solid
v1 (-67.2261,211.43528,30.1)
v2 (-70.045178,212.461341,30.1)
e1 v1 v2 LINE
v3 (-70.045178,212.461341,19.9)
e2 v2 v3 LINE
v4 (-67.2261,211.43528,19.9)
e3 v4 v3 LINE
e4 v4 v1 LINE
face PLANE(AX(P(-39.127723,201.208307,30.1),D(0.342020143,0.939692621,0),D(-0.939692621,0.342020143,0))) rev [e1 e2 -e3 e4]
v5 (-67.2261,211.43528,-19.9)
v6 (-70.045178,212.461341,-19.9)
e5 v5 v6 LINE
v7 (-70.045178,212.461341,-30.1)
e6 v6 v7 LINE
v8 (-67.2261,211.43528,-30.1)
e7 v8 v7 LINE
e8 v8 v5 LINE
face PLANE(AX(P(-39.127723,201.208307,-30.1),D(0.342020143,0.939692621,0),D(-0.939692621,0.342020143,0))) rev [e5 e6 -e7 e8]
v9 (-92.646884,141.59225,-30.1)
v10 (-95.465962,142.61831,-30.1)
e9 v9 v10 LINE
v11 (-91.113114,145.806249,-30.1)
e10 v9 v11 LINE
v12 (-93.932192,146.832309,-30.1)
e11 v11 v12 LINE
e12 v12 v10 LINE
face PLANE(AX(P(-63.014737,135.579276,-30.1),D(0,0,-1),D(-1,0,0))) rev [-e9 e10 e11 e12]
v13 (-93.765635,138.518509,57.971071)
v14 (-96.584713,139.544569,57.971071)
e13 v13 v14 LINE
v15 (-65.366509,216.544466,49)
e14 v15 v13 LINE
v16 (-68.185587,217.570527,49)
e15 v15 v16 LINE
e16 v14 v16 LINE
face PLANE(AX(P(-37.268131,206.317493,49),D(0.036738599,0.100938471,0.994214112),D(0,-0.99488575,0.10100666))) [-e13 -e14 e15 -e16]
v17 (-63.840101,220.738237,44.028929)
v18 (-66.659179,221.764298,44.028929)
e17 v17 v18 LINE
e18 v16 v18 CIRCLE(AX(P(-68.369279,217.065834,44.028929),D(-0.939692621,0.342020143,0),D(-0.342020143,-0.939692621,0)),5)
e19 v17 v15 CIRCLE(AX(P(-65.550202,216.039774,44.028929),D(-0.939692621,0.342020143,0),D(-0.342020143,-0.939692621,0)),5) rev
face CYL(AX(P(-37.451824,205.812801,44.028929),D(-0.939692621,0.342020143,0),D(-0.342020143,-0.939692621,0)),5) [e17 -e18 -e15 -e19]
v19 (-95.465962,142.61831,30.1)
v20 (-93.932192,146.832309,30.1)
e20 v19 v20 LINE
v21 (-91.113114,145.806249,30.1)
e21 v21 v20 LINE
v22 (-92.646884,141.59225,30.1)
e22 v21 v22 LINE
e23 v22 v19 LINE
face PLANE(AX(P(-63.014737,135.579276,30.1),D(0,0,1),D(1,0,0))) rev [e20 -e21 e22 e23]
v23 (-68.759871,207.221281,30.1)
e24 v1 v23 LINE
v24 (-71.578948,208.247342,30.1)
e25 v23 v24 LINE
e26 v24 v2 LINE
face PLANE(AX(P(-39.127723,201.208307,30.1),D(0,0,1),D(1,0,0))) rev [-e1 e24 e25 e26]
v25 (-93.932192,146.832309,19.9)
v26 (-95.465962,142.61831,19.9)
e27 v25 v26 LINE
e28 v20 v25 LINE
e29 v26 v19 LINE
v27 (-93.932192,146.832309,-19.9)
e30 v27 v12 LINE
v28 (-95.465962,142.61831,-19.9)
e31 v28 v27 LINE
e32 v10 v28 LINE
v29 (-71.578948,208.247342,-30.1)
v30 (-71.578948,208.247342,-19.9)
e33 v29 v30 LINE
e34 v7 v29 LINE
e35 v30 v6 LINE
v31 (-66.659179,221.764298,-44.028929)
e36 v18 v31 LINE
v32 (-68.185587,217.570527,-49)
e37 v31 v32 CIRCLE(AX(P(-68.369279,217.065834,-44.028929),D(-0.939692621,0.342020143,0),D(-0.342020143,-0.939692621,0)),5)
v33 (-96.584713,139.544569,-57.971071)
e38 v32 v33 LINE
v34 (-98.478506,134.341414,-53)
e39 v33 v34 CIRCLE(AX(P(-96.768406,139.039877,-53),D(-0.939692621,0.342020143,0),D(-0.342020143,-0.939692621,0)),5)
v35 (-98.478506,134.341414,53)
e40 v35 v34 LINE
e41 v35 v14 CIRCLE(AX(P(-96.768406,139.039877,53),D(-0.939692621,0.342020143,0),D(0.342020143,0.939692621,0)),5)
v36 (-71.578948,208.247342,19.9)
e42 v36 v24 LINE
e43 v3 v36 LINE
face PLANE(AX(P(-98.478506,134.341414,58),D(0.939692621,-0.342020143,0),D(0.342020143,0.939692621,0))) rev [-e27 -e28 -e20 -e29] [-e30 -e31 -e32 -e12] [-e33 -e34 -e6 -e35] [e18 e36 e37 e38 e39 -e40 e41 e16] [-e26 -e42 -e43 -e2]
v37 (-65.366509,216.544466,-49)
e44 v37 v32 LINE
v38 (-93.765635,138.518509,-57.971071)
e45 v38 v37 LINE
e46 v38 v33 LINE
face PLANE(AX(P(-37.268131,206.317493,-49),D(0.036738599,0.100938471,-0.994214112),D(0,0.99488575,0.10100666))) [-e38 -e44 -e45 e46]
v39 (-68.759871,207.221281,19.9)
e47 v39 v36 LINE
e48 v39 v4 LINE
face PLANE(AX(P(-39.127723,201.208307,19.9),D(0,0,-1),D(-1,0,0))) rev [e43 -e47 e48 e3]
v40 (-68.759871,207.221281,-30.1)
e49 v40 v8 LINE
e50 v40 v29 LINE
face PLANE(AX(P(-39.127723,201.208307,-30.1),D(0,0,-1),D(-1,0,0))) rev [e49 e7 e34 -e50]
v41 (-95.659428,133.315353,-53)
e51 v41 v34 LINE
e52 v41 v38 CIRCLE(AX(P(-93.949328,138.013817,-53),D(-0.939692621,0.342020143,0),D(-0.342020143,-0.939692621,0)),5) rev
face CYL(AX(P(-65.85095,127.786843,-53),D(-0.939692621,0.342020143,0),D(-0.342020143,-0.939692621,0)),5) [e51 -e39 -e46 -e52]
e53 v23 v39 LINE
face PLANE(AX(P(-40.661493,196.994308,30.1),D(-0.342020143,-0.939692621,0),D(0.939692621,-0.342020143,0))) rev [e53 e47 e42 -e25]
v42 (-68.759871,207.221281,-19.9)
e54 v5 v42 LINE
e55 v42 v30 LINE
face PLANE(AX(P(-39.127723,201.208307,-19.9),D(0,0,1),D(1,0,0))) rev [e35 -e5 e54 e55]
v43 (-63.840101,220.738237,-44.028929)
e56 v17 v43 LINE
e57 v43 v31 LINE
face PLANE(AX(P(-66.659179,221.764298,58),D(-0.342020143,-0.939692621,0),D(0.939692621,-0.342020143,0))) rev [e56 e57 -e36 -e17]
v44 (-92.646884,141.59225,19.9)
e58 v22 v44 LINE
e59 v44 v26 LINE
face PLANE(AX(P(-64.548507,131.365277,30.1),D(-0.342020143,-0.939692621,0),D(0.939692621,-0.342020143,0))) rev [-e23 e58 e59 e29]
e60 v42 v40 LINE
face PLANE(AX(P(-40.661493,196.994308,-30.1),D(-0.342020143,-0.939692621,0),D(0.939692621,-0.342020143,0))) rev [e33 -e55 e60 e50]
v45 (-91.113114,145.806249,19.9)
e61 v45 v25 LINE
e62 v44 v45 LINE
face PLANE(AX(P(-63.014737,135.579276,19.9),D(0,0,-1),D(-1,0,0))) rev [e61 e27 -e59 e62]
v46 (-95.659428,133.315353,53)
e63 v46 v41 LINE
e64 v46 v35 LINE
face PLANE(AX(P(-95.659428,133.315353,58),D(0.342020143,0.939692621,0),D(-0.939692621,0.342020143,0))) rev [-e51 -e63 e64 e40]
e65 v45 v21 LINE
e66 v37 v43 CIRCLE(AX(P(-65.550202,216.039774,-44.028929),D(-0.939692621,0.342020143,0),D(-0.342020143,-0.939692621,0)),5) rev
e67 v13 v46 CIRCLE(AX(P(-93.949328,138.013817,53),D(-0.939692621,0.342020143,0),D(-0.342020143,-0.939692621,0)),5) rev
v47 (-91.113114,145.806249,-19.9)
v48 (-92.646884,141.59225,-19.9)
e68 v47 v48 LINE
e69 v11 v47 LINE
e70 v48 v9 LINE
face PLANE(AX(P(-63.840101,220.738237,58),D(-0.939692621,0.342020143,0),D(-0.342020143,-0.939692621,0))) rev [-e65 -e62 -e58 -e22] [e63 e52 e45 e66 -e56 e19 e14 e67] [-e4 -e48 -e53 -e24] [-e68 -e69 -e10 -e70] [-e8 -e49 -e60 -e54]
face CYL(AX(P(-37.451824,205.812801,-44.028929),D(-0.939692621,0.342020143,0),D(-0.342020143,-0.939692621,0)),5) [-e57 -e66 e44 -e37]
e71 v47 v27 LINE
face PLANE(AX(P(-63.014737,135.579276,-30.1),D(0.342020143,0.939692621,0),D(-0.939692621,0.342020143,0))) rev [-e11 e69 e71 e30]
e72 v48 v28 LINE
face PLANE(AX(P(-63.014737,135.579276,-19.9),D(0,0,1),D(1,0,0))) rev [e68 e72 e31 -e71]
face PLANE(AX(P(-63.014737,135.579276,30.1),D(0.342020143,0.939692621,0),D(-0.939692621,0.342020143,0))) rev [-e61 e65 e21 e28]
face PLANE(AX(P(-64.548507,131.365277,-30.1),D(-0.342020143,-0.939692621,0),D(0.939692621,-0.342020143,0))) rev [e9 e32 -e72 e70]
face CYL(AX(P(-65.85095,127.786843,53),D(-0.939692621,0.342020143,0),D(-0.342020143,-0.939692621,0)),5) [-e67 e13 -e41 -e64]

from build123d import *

# Parameters (mm, degrees)
BOSS_EXTRUDE1_DEPTH        = 58
SKETCH3_OUTSIDE_W          = 147.986
SKETCH3_OUTSIDE_H          = 126.948
TAB_AND_SLOT_CONTOUR_DEPTH = 3
MOUNTING_TAB_SLOTS_REACH   = 197.382
SKETCH4_W                  = 10.2
SKETCH4_H                  = 4.48444402


with BuildPart() as part:
    # Sketch1 → Boss-Extrude1 (new, symmetric)
    with BuildSketch(Plane.XY):
        Polygon((-63.840100917, 220.738237129), (-95.659428373, 133.315353441), (-98.478506236, 134.341413871), (-66.659178779, 221.764297559), align=None)
    extrude(amount=BOSS_EXTRUDE1_DEPTH, both=True)

    # Sketch3 outside → tab and slot contour (cut)
    with BuildSketch(Plane(origin=(-130.135207504, 47.365341962, 0), x_dir=(0, 0, 1), z_dir=(-0.9396926207859098, 0.3420201433256651, 0))):
        with Locations((0, 139.075)):
            Rectangle(SKETCH3_OUTSIDE_W, SKETCH3_OUTSIDE_H)
        with BuildLine():
            Line((-44.02892944, 185.59149209), (44.02892944, 185.59149209))
            ThreePointArc((44.02892944, 185.59149209), (47.369183029, 184.312070804), (49, 181.128574477))
            Line((49, 181.128574477), (57.97107056, 98.09508485))
            ThreePointArc((57.97107056, 98.09508485), (56.720578714, 94.217748875), (53, 92.558002463))
            Line((53, 92.558002463), (-53, 92.558002463))
            ThreePointArc((-53, 92.558002463), (-56.720578714, 94.217748875), (-57.97107056, 98.09508485))
            Line((-57.97107056, 98.09508485), (-49, 181.128574477))
            ThreePointArc((-49, 181.128574477), (-47.369183029, 184.312070804), (-44.02892944, 185.59149209))
        make_face(mode=Mode.SUBTRACT)
    extrude(amount=-TAB_AND_SLOT_CONTOUR_DEPTH, mode=Mode.SUBTRACT)

    # Sketch4 → mounting tab slots (cut, up to next)
    with BuildSketch(Plane(origin=(-130.135207504, 47.365341962, 0), x_dir=(0, 0, 1), z_dir=(-0.9396926207859099, 0.3420201433256647, 0)), mode=Mode.PRIVATE) as mounting_tab_slots_sk1:
        with Locations((-25, 173.44927008)):
            Rectangle(SKETCH4_W, SKETCH4_H)
    mounting_tab_slots_tool1 = extrude(mounting_tab_slots_sk1.sketch, amount=-MOUNTING_TAB_SLOTS_REACH, mode=Mode.PRIVATE) & part.part
    # Sketch4 → mounting tab slots (cut, up to next)
    with BuildSketch(Plane(origin=(-130.135207504, 47.365341962, 0), x_dir=(0, 0, 1), z_dir=(-0.9396926207859099, 0.3420201433256647, 0)), mode=Mode.PRIVATE) as mounting_tab_slots_sk2:
        with Locations((-25, 103.608313771)):
            Rectangle(SKETCH4_W, SKETCH4_H)
    mounting_tab_slots_tool2 = extrude(mounting_tab_slots_sk2.sketch, amount=-MOUNTING_TAB_SLOTS_REACH, mode=Mode.PRIVATE) & part.part
    # Sketch4 → mounting tab slots (cut, up to next)
    with BuildSketch(Plane(origin=(-130.135207504, 47.365341962, 0), x_dir=(0, 0, 1), z_dir=(-0.9396926207859099, 0.3420201433256647, 0)), mode=Mode.PRIVATE) as mounting_tab_slots_sk3:
        with Locations((25, 173.44927008)):
            Rectangle(SKETCH4_W, SKETCH4_H)
    mounting_tab_slots_tool3 = extrude(mounting_tab_slots_sk3.sketch, amount=-MOUNTING_TAB_SLOTS_REACH, mode=Mode.PRIVATE) & part.part
    # Sketch4 → mounting tab slots (cut, up to next)
    with BuildSketch(Plane(origin=(-130.135207504, 47.365341962, 0), x_dir=(0, 0, 1), z_dir=(-0.9396926207859099, 0.3420201433256647, 0)), mode=Mode.PRIVATE) as mounting_tab_slots_sk4:
        with Locations((25, 103.608313771)):
            Rectangle(SKETCH4_W, SKETCH4_H)
    mounting_tab_slots_tool4 = extrude(mounting_tab_slots_sk4.sketch, amount=-MOUNTING_TAB_SLOTS_REACH, mode=Mode.PRIVATE) & part.part
    add(mounting_tab_slots_tool1.solids().sort_by_distance((-70.812063, 210.354341, -25))[0], mode=Mode.SUBTRACT)
    add(mounting_tab_slots_tool2.solids().sort_by_distance((-94.699077, 144.72531, -25))[0], mode=Mode.SUBTRACT)
    add(mounting_tab_slots_tool3.solids().sort_by_distance((-70.812063, 210.354341, 25))[0], mode=Mode.SUBTRACT)
    add(mounting_tab_slots_tool4.solids().sort_by_distance((-94.699077, 144.72531, 25))[0], mode=Mode.SUBTRACT)


solid = part.part
